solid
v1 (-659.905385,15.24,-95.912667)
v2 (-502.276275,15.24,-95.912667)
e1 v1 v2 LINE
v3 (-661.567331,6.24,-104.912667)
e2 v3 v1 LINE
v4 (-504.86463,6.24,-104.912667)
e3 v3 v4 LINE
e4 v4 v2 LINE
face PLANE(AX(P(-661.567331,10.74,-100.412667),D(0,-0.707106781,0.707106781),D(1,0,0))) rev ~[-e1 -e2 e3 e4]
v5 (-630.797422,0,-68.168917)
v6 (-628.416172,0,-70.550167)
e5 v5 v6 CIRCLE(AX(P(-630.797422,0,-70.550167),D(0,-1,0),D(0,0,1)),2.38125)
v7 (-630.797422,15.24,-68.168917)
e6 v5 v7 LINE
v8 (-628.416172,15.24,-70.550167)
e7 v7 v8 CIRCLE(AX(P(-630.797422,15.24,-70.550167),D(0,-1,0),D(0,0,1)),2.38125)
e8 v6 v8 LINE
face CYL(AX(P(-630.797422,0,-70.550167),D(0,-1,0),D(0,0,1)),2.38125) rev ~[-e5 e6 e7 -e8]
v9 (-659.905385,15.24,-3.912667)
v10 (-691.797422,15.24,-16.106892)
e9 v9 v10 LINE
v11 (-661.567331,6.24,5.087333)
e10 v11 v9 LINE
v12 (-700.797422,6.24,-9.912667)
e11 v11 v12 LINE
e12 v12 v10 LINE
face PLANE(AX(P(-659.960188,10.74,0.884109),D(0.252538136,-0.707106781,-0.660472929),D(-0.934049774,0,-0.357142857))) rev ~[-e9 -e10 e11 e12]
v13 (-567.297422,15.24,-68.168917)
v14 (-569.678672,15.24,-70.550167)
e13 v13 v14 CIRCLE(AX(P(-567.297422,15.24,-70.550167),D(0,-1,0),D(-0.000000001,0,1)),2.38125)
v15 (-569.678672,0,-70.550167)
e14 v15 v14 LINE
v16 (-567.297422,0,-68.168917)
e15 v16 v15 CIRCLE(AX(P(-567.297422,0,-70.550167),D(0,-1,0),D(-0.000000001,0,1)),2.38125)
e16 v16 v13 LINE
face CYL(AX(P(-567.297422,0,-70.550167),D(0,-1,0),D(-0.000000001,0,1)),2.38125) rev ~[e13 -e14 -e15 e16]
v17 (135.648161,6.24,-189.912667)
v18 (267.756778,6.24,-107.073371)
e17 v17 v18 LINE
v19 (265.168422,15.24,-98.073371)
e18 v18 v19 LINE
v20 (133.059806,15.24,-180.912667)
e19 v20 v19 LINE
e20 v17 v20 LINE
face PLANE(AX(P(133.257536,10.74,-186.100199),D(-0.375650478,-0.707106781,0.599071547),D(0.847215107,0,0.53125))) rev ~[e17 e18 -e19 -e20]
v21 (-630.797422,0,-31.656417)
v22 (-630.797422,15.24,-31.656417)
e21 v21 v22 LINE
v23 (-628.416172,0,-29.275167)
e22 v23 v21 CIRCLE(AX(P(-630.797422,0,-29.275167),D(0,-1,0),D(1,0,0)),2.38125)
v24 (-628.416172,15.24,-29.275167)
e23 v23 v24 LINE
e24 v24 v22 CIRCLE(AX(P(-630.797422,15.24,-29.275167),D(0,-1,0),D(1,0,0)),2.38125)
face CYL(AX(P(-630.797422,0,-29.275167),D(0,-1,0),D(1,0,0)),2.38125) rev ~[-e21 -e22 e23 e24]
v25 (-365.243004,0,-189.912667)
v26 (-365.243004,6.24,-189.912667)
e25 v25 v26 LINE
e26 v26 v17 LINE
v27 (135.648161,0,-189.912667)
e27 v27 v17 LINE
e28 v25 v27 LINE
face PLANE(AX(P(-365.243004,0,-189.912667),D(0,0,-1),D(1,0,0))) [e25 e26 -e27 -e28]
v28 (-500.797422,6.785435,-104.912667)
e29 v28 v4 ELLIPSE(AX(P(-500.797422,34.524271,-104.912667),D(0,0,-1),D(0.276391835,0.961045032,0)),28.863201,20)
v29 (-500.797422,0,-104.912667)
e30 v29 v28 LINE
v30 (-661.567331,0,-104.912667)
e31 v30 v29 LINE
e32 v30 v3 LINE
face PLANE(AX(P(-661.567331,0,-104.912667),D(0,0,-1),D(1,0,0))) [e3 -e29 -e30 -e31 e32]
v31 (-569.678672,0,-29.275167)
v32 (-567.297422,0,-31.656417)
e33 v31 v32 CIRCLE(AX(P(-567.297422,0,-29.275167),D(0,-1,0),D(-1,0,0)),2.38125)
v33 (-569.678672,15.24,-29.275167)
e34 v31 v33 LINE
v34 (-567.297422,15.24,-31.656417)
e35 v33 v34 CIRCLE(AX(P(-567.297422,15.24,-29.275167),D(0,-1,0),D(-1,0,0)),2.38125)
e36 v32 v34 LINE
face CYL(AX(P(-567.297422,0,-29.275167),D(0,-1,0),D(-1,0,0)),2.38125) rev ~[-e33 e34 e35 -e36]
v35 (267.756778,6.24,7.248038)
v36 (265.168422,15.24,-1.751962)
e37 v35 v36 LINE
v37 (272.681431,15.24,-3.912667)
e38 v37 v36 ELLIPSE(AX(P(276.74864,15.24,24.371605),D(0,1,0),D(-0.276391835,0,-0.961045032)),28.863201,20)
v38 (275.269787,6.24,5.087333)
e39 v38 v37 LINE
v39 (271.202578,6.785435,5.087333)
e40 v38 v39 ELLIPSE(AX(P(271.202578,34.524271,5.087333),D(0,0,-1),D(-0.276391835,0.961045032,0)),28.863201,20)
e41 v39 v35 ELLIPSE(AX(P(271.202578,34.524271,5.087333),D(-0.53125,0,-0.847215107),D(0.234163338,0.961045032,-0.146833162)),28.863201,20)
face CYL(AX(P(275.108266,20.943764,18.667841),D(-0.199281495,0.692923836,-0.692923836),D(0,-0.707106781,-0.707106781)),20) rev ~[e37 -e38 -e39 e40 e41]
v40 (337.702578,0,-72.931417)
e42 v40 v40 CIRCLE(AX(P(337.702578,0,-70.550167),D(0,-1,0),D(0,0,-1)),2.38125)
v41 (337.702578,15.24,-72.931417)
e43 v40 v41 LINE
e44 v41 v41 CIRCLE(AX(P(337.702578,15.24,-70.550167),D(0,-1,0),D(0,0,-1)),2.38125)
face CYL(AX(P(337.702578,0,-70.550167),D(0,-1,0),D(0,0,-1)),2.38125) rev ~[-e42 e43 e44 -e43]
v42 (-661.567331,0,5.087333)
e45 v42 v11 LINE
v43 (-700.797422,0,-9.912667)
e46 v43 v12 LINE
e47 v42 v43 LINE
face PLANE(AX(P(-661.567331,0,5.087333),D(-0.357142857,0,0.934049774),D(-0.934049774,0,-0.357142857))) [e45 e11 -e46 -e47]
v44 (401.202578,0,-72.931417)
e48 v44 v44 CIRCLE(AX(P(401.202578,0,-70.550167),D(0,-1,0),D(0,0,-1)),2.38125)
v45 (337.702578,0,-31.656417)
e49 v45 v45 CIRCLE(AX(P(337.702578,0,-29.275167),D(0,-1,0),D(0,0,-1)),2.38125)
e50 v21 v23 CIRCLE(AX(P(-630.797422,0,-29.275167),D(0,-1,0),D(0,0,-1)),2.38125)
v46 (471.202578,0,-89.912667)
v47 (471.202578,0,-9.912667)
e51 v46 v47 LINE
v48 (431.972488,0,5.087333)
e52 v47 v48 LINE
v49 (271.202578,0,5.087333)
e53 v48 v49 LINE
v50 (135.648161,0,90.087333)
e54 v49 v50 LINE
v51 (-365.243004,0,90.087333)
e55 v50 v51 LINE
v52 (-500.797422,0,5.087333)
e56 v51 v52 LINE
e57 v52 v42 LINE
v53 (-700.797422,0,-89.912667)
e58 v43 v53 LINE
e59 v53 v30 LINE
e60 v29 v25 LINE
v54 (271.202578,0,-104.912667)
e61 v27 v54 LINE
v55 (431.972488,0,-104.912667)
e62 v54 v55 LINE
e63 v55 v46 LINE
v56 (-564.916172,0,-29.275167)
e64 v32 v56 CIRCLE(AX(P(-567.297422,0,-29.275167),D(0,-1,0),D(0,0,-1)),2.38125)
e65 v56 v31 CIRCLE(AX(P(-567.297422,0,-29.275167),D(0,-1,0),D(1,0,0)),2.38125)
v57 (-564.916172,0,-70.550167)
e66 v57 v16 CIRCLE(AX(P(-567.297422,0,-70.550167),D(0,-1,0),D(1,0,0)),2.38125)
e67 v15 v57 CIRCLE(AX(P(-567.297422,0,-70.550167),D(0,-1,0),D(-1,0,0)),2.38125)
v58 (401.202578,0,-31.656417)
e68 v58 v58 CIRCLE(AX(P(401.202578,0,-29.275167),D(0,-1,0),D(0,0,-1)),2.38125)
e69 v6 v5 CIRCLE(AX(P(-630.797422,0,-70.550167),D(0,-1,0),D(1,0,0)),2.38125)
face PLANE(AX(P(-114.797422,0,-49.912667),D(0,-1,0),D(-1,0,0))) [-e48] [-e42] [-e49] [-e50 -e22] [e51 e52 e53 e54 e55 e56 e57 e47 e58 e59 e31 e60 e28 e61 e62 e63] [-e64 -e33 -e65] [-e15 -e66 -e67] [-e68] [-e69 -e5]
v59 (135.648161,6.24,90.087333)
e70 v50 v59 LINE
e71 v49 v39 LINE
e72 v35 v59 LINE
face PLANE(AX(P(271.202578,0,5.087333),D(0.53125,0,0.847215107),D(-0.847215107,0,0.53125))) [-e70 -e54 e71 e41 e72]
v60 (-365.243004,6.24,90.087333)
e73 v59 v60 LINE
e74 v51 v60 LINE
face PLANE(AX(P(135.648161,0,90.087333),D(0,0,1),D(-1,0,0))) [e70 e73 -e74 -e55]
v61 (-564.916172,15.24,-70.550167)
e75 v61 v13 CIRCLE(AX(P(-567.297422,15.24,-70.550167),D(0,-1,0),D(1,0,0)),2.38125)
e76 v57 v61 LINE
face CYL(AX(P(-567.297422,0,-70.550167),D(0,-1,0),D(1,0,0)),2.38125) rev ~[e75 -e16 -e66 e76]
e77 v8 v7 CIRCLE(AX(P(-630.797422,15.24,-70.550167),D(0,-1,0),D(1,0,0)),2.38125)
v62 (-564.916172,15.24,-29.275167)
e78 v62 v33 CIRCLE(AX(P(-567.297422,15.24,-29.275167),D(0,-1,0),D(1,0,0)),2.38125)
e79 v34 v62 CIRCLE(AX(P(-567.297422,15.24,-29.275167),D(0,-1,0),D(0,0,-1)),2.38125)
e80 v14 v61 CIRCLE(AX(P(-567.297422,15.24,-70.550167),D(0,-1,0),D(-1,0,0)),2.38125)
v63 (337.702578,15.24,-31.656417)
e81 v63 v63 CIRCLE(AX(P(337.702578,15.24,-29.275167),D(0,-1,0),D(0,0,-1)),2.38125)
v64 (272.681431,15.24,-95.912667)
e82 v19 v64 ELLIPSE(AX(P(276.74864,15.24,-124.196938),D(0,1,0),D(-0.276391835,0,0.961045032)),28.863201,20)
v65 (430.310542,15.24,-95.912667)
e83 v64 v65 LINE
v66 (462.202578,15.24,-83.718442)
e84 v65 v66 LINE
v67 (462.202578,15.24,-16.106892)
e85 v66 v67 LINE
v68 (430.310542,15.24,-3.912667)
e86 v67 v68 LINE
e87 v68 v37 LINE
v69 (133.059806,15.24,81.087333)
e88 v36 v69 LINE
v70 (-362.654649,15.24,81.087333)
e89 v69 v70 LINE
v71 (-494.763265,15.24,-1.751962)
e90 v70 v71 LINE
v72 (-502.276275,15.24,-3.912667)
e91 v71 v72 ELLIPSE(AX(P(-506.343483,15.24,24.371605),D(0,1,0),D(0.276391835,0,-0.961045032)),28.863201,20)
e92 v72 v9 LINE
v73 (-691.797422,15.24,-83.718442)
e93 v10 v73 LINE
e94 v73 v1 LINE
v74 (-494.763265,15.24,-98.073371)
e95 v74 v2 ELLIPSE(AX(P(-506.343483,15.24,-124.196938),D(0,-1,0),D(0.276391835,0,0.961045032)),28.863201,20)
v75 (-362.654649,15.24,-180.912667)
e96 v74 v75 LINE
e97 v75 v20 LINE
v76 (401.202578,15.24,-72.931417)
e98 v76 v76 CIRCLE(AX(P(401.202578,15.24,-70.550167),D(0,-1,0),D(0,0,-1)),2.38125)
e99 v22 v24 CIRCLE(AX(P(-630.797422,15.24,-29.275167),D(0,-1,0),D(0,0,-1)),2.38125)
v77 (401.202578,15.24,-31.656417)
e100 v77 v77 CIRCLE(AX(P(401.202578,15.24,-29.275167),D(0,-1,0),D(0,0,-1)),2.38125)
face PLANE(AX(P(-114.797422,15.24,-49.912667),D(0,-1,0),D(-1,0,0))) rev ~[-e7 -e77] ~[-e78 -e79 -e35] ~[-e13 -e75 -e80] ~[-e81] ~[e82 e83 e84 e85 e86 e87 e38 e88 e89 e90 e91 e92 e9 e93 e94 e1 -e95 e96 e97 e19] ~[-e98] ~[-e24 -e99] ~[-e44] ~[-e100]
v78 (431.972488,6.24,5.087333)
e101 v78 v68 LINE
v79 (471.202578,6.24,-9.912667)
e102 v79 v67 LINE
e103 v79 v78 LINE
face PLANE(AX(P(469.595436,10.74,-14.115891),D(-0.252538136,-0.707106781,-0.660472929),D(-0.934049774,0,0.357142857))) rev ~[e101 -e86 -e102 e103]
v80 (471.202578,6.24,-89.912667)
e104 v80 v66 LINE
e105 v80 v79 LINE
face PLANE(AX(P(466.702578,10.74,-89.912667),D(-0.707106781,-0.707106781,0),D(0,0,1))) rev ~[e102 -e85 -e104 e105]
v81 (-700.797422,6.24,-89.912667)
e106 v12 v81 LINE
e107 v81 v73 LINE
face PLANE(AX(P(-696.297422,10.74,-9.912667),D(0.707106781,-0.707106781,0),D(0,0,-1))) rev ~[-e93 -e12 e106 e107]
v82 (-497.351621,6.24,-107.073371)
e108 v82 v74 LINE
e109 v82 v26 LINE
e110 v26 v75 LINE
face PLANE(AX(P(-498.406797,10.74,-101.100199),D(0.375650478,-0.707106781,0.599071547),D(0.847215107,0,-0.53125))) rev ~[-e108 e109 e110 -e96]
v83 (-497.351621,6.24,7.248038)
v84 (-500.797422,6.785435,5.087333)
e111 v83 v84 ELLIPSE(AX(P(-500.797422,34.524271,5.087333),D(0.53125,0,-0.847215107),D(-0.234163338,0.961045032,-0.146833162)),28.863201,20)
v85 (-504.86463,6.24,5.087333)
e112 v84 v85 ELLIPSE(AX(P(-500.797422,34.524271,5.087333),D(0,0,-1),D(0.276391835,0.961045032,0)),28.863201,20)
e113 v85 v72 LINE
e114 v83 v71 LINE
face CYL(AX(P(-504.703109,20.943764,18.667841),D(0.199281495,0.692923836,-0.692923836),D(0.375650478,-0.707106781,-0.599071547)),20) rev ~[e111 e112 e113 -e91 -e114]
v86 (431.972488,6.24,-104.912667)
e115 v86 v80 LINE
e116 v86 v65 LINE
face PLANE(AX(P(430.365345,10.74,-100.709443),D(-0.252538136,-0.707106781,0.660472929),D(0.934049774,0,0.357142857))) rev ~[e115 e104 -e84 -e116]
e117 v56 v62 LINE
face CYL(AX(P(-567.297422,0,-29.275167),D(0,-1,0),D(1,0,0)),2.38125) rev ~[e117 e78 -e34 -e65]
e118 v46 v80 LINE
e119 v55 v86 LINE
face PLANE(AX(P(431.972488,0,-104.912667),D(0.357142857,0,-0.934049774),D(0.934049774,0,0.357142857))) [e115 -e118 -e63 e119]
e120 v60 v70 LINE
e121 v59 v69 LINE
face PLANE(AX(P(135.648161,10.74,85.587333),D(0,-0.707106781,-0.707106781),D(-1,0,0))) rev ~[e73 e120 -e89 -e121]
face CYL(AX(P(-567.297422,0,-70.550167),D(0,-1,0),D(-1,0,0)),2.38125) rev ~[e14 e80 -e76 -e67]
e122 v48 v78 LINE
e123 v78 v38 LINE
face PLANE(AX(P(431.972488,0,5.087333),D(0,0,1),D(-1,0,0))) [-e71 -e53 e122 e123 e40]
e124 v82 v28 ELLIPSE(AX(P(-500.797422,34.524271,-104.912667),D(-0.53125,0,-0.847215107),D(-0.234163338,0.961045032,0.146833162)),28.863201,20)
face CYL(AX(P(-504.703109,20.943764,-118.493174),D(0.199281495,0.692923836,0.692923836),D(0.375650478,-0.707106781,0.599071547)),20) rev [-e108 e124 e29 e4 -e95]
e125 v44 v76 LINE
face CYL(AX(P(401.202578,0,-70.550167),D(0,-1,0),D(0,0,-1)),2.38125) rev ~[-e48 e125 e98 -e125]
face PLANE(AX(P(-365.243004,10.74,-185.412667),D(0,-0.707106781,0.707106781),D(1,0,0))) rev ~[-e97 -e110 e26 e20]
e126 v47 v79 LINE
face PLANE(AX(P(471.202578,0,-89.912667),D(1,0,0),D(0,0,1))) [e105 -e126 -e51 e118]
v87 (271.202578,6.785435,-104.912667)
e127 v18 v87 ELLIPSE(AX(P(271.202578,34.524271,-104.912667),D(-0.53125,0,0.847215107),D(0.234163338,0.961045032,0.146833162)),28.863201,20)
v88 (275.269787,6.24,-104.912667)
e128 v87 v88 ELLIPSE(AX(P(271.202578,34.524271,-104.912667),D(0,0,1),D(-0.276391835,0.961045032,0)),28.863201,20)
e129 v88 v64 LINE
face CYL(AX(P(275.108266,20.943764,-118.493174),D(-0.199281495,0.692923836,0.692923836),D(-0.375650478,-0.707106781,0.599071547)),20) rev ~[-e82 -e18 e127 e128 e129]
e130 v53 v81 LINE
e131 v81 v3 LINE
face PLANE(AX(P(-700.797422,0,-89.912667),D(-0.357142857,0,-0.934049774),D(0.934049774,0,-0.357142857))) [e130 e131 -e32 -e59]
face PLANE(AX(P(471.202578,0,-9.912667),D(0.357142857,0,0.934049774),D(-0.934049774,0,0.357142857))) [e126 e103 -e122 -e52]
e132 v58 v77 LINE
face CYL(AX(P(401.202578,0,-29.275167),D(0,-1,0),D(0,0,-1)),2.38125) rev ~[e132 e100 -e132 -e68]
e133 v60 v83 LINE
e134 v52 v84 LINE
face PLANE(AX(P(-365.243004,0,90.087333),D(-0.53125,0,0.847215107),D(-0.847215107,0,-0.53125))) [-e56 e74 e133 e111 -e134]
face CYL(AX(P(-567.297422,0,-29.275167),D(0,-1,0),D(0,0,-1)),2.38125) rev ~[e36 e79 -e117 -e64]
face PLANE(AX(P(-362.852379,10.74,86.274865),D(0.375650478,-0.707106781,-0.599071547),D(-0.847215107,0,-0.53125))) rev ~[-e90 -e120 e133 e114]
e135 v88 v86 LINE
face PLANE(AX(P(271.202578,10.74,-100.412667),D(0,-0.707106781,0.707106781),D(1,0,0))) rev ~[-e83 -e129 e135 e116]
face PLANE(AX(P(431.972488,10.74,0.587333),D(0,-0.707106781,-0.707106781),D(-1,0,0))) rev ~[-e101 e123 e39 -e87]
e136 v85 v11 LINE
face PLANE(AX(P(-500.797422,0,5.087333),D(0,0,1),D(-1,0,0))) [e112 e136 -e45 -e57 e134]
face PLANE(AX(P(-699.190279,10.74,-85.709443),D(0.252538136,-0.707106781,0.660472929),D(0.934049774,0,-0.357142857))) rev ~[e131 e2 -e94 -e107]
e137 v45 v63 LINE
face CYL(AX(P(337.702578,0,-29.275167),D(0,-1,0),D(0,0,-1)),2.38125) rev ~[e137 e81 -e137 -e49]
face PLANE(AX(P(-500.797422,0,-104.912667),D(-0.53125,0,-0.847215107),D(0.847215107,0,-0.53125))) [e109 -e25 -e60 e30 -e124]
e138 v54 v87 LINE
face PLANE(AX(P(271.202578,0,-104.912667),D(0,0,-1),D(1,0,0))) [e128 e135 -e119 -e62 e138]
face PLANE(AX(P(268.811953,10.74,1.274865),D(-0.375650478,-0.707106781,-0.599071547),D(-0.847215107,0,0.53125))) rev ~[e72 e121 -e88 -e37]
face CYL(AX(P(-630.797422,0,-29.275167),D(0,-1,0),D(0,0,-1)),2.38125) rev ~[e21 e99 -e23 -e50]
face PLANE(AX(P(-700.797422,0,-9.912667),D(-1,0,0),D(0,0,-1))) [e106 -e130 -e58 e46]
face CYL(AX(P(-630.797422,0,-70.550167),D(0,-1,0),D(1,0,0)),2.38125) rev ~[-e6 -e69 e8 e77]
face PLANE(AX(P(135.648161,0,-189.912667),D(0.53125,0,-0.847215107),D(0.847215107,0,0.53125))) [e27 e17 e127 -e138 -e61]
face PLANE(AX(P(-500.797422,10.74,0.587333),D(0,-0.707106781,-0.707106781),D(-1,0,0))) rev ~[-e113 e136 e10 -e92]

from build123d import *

# Parameters (mm, degrees)
BOSS_EXTRUDE1_DEPTH = 15.24
CHAMFER1_SIZE       = 9
FILLET1_R           = 20
SKETCH2_R           = 2.38125
CUT_EXTRUDE1_DEPTH  = 15.24


with BuildPart() as part:
    # Sketch1 → Boss-Extrude1 (new body)
    with BuildSketch(Plane(origin=(0, 0, 0), x_dir=(1, 0, 0), z_dir=(0, 1, 0))):
        Polygon((-365.243004426, 189.912666736), (135.648161339, 189.912666736), (271.202578456, 104.912666736), (431.972487964, 104.912666736), (471.202578456, 89.912666736), (471.202578456, 9.912666736), (431.972487964, -5.087333264), (271.202578456, -5.087333264), (135.648161339, -90.087333264), (-365.243004426, -90.087333264), (-500.797421544, -5.087333264), (-661.567331052, -5.087333264), (-700.797421544, 9.912666736), (-700.797421544, 89.912666736), (-661.567331052, 104.912666736), (-500.797421544, 104.912666736), align=None)
    extrude(amount=BOSS_EXTRUDE1_DEPTH)

    # Chamfer1
    chamfer1_edges = [part.edges().sort_by_distance(p)[0] for p in [
        (451.58753321, 15.24, -2.412666736),
        (471.202578456, 15.24, -49.912666736),
        (451.58753321, 15.24, -97.412666736),
        (351.58753321, 15.24, -104.912666736),
        (203.425369898, 15.24, -147.412666736),
        (-114.797421544, 15.24, -189.912666736),
        (-433.020212985, 15.24, -147.412666736),
        (-581.182376298, 15.24, -104.912666736),
        (-681.182376298, 15.24, -97.412666736),
        (-700.797421544, 15.24, -49.912666736),
        (203.425369898, 15.24, 47.587333264),
        (-681.182376298, 15.24, -2.412666736),
        (-581.182376298, 15.24, 5.087333264),
        (-433.020212985, 15.24, 47.587333264),
        (-114.797421544, 15.24, 90.087333264),
        (351.58753321, 15.24, 5.087333264),
    ]]
    chamfer(chamfer1_edges, length=CHAMFER1_SIZE)

    # Fillet1
    fillet1_edges = [part.edges().sort_by_distance(p)[0] for p in [
        (269.908400539, 10.74, 0.587333264),
        (-499.503243626, 10.74, 0.587333264),
        (269.908400539, 10.74, -100.412666736),
        (-499.503243626, 10.74, -100.412666736),
    ]]
    fillet(fillet1_edges, radius=FILLET1_R)

    # Sketch2 → Cut-Extrude1 (cut)
    with BuildSketch(Plane.XZ):
        with BuildLine():
            ThreePointArc((-628.416171544, -70.550166736), (-629.113623521, -68.866368714), (-630.797421544, -68.168916736))
            Line((-630.797421544, -68.168916736), (-630.797421544, -70.550166736))
            Line((-630.797421544, -70.550166736), (-628.416171544, -70.550166736))
        make_face()
        with BuildLine():
            Line((-630.797421544, -70.550166736), (-630.797421544, -68.168916736))
            ThreePointArc((-630.797421544, -68.168916736), (-632.481219566, -72.233964759), (-628.416171544, -70.550166736))
            Line((-628.416171544, -70.550166736), (-630.797421544, -70.550166736))
        make_face()
        with BuildLine():
            Line((-630.797421544, -31.656416736), (-630.797421544, -29.275166736))
            Line((-630.797421544, -29.275166736), (-628.416171544, -29.275166736))
            ThreePointArc((-628.416171544, -29.275166736), (-632.481219566, -27.591368714), (-630.797421544, -31.656416736))
        make_face()
        with BuildLine():
            Line((-628.416171544, -29.275166736), (-630.797421544, -29.275166736))
            Line((-630.797421544, -29.275166736), (-630.797421544, -31.656416736))
            ThreePointArc((-630.797421544, -31.656416736), (-629.113623521, -30.958964759), (-628.416171544, -29.275166736))
        make_face()
        with BuildLine():
            ThreePointArc((-564.916171544, -29.275166736), (-567.297421544, -26.893916736), (-569.678671544, -29.275166736))
            Line((-569.678671544, -29.275166736), (-567.297421544, -29.275166736))
            Line((-567.297421544, -29.275166736), (-567.297421544, -31.656416736))
            ThreePointArc((-567.297421544, -31.656416736), (-565.613623521, -30.958964759), (-564.916171544, -29.275166736))
        make_face()
        with BuildLine():
            Line((-567.297421544, -29.275166736), (-569.678671544, -29.275166736))
            ThreePointArc((-569.678671544, -29.275166736), (-568.981219566, -30.958964759), (-567.297421544, -31.656416736))
            Line((-567.297421544, -31.656416736), (-567.297421544, -29.275166736))
        make_face()
        with BuildLine():
            ThreePointArc((-564.916171544, -70.550166736), (-565.613623521, -68.866368714), (-567.297421544, -68.168916736))
            Line((-567.297421544, -68.168916736), (-567.297421544, -70.550166736))
            Line((-567.297421544, -70.550166736), (-569.678671544, -70.550166736))
            ThreePointArc((-569.678671544, -70.550166736), (-567.297421544, -72.931416736), (-564.916171544, -70.550166736))
        make_face()
        with BuildLine():
            Line((-567.297421544, -70.550166736), (-567.297421544, -68.168916736))
            ThreePointArc((-567.297421544, -68.168916736), (-568.981219566, -68.866368714), (-569.678671544, -70.550166736))
            Line((-569.678671544, -70.550166736), (-567.297421544, -70.550166736))
        make_face()
        with Locations(Location((337.702578456, -70.550166736, 0), (0, 0, 270))):
            Circle(SKETCH2_R)
        with Locations(Location((337.702578456, -29.275166736, 0), (0, 0, 270))):
            Circle(SKETCH2_R)
        with Locations(Location((401.202578456, -29.275166736, 0), (0, 0, 270))):
            Circle(SKETCH2_R)
        with Locations(Location((401.202578456, -70.550166736, 0), (0, 0, 270))):
            Circle(SKETCH2_R)
    extrude(amount=-CUT_EXTRUDE1_DEPTH, mode=Mode.SUBTRACT)


solid = part.part
